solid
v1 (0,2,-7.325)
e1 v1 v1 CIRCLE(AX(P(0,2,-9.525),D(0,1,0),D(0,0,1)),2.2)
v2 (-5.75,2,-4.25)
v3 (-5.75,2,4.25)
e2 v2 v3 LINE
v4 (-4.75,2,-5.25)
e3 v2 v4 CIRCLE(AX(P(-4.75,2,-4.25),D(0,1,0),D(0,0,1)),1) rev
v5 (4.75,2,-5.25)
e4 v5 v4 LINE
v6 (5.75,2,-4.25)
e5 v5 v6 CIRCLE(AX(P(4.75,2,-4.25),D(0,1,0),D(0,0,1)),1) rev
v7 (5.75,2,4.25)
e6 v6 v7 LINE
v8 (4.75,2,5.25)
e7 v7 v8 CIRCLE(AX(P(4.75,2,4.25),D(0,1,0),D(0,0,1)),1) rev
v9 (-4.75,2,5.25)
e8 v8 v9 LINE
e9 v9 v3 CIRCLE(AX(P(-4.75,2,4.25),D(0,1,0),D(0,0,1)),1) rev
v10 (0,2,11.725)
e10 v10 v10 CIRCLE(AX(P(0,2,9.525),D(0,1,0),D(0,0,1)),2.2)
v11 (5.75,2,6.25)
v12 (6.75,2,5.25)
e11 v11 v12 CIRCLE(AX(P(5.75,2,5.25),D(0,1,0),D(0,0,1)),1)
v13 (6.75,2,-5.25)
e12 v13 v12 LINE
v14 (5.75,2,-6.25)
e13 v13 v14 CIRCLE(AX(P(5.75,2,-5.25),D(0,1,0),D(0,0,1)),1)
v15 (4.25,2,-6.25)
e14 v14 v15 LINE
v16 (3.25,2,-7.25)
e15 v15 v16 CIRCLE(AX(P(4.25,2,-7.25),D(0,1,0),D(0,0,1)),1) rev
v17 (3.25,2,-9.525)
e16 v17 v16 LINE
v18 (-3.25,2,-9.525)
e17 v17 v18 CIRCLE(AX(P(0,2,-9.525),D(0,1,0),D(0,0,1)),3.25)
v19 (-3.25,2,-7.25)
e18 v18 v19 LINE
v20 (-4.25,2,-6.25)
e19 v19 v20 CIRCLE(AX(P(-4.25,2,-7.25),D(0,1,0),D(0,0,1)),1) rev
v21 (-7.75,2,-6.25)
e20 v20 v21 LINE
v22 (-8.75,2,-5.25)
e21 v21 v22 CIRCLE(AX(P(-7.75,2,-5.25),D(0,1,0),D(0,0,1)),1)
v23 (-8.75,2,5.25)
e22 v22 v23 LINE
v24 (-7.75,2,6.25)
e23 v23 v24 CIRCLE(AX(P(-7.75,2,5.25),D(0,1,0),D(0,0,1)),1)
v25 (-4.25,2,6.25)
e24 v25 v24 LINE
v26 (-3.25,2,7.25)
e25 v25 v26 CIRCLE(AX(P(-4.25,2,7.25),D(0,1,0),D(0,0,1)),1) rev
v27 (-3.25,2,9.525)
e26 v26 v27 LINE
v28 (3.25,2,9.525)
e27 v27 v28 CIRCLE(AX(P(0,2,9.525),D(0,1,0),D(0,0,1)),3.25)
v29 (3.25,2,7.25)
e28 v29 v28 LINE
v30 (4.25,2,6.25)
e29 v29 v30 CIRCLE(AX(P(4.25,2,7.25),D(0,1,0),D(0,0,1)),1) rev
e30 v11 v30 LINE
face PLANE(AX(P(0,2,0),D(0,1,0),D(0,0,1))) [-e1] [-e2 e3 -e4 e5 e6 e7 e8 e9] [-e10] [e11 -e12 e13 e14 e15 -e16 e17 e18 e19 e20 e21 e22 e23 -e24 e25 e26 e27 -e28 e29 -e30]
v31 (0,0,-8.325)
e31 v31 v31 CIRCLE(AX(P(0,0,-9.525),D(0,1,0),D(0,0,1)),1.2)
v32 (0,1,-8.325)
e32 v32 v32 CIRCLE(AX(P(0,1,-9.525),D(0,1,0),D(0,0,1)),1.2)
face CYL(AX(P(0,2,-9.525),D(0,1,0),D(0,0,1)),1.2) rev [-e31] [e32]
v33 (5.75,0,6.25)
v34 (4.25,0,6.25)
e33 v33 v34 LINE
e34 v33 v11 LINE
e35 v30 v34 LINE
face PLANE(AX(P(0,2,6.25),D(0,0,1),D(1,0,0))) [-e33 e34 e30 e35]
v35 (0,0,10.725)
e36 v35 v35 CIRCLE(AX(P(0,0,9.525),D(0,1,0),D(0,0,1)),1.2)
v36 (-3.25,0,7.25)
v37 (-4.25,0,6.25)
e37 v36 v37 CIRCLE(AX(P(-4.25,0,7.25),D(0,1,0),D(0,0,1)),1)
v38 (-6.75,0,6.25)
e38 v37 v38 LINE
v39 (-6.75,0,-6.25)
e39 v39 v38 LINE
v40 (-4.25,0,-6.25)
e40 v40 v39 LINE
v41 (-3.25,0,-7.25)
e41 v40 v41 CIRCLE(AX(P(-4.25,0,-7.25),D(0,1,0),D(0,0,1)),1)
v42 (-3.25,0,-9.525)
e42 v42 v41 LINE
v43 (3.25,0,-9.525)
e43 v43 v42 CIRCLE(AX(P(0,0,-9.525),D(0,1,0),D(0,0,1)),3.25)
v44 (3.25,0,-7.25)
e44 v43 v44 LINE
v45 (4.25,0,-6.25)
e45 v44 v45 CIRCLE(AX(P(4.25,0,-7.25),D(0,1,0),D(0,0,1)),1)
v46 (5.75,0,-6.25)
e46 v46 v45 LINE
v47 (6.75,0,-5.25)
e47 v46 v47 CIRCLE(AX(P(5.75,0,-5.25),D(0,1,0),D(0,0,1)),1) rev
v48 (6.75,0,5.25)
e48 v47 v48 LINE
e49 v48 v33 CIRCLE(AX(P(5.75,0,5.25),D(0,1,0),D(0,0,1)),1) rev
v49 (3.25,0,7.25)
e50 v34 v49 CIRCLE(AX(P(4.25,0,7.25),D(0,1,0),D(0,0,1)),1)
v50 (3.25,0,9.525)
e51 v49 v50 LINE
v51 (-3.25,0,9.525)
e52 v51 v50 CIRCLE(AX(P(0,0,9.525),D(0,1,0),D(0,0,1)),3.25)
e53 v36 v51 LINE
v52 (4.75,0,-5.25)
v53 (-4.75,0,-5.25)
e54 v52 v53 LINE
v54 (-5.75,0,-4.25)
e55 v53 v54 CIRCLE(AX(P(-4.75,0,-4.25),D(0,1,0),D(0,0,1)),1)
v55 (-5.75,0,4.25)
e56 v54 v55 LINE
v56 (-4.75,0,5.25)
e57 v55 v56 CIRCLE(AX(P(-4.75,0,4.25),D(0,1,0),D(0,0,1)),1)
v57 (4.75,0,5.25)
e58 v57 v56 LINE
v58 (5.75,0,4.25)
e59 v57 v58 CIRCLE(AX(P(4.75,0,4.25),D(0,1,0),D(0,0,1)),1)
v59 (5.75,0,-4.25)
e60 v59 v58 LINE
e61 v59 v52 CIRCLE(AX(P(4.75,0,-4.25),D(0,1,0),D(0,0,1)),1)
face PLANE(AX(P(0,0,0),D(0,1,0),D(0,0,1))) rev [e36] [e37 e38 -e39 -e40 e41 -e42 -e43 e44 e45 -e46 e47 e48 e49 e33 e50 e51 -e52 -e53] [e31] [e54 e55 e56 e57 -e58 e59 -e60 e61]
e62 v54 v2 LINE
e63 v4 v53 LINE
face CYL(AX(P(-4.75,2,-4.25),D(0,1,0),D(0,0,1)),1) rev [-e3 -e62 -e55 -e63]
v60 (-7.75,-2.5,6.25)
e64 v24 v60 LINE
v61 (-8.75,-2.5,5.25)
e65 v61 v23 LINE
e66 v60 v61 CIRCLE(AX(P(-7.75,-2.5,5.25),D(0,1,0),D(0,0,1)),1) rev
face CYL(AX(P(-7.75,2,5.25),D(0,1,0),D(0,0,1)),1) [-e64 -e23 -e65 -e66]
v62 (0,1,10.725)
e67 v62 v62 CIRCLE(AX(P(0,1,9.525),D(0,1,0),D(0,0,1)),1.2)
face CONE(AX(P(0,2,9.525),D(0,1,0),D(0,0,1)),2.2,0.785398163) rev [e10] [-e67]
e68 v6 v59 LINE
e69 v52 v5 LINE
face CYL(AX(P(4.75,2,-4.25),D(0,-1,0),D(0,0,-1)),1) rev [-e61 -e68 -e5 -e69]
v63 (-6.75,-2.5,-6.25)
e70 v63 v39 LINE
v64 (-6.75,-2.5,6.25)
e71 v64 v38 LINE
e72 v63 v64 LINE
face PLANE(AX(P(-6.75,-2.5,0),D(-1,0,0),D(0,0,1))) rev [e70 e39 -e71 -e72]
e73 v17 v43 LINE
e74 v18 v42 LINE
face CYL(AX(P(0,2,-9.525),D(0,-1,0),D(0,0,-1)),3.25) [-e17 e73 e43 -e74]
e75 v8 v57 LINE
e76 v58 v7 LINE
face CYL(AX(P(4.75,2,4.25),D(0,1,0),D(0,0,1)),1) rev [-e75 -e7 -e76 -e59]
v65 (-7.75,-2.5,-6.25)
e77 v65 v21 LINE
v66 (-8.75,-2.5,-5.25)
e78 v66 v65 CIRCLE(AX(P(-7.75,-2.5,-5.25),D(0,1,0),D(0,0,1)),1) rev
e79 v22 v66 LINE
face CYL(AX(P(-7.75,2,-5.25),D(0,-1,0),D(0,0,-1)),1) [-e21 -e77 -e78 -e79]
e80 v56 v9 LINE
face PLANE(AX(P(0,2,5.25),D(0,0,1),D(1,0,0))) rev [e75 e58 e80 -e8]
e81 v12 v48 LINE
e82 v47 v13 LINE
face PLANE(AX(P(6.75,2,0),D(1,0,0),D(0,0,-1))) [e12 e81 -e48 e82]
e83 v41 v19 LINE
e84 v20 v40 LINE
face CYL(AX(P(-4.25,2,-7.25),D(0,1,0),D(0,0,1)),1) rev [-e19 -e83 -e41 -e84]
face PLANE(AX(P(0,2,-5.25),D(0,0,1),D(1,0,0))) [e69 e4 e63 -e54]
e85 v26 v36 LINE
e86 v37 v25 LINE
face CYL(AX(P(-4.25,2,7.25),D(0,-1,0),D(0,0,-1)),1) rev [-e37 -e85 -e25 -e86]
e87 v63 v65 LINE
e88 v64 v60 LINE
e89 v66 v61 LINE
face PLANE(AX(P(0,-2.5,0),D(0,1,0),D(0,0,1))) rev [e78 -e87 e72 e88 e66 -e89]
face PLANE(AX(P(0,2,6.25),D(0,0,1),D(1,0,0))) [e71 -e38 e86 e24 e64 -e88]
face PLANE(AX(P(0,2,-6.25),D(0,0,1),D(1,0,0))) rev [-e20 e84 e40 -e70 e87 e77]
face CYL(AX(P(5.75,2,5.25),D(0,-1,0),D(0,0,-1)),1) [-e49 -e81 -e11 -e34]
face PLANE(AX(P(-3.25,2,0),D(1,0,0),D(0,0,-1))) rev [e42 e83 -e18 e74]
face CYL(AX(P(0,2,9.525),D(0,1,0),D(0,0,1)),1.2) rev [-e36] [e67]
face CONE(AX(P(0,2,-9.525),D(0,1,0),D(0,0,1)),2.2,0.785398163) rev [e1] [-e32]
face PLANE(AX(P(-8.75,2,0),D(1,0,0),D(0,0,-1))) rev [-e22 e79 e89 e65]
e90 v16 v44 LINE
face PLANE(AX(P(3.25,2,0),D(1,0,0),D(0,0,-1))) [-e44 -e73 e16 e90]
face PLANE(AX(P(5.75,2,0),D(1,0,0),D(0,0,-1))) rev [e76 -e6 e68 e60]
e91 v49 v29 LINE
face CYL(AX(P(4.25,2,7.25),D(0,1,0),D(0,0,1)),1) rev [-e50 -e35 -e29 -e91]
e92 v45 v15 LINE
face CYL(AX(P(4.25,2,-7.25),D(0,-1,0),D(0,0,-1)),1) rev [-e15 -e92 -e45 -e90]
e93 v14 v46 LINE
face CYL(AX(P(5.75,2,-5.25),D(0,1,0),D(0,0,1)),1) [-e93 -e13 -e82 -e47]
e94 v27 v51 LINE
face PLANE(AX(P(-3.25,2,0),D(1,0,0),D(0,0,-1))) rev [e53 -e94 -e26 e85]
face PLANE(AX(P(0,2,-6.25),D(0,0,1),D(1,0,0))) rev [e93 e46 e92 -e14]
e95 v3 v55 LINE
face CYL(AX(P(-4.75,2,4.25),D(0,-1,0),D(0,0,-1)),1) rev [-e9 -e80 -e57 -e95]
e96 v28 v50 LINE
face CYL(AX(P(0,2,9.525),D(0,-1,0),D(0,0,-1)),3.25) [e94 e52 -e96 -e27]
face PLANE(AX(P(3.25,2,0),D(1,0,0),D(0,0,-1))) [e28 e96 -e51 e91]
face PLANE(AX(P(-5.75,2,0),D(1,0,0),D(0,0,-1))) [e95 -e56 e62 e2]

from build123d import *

# Parameters (mm, degrees)
SKETCH1_W                                      = 11.5
SKETCH1_H                                      = 10.5
BOSS_EXTRUDE1_DEPTH                            = 2
SKETCH1_4_W                                    = 2
SKETCH1_4_H                                    = 12.5
BOSS_EXTRUDE2_DEPTH                            = 2.5
CSK_FOR_M2_FLAT_HEAD_MACHINE_SCREW2_AT_2_COUNT = 2
CSK_FOR_M2_FLAT_HEAD_MACHINE_SCREW2_AT_2_PITCH = 19.05
CSK_FOR_M2_FLAT_HEAD_MACHINE_SCREW2_AT_3_COUNT = 2
CSK_FOR_M2_FLAT_HEAD_MACHINE_SCREW2_AT_3_PITCH = 19.05
FILLET1_R                                      = 1


with BuildPart() as part:
    # Sketch1 → Boss-Extrude1 (new body)
    with BuildSketch(Plane(origin=(0, 0, 0), x_dir=(1, 0, 0), z_dir=(0, 1, 0))):
        with BuildLine():
            ThreePointArc((3.25, 9.525), (0, 12.775), (-3.25, 9.525))
            Line((-3.25, 9.525), (-3.25, 6.25))
            Line((-3.25, 6.25), (-8.75, 6.25))
            Line((-8.75, 6.25), (-8.75, -6.25))
            Line((-8.75, -6.25), (-3.25, -6.25))
            Line((-3.25, -6.25), (-3.25, -9.525))
            ThreePointArc((-3.25, -9.525), (0, -12.775), (3.25, -9.525))
            Line((3.25, -9.525), (3.25, -6.25))
            Line((3.25, -6.25), (6.75, -6.25))
            Line((6.75, -6.25), (6.75, 6.25))
            Line((6.75, 6.25), (3.25, 6.25))
            Line((3.25, 6.25), (3.25, 9.525))
        make_face()
        Rectangle(SKETCH1_W, SKETCH1_H, mode=Mode.SUBTRACT)
    extrude(amount=BOSS_EXTRUDE1_DEPTH)

    # Sketch1<4> → Boss-Extrude2 (add)
    with BuildSketch(Plane(origin=(0, 0, 0), x_dir=(1, 0, 0), z_dir=(0, 1, 0))):
        with Locations((-7.75, 0)):
            Rectangle(SKETCH1_4_W, SKETCH1_4_H)
    extrude(amount=-BOSS_EXTRUDE2_DEPTH)

    # Sketch3 → CSK for M2 Flat Head Machine Screw2 (revolve, cut)
    with BuildSketch(Plane(origin=(0, 2, -9.525), x_dir=(0, 0, 1), z_dir=(1, 0, 0))):
        Polygon((0, 0), (0, 4.5), (1.2, 4.5), (1.2, 1), (2.2, 0), align=None)
    csk_for_m2_flat_head_machine_screw2 = revolve(axis=Axis((0, 8.35, -9.525), (0, -1, 0)), mode=Mode.SUBTRACT)

    # CSK for M2 Flat Head Machine Screw2 at 2: CSK for M2 Flat Head Machine Screw2 ×2
    with Locations(*[(0, 0, i * CSK_FOR_M2_FLAT_HEAD_MACHINE_SCREW2_AT_2_PITCH) for i in range(1, CSK_FOR_M2_FLAT_HEAD_MACHINE_SCREW2_AT_2_COUNT)]):
        add(csk_for_m2_flat_head_machine_screw2, mode=Mode.SUBTRACT)

    # CSK for M2 Flat Head Machine Screw2 at 3: CSK for M2 Flat Head Machine Screw2 ×2
    with Locations(*[(0, 0, i * CSK_FOR_M2_FLAT_HEAD_MACHINE_SCREW2_AT_3_PITCH) for i in range(1, CSK_FOR_M2_FLAT_HEAD_MACHINE_SCREW2_AT_3_COUNT)]):
        add(csk_for_m2_flat_head_machine_screw2, mode=Mode.SUBTRACT)

    # Fillet1
    fillet1_edges = [part.edges().sort_by_distance(p)[0] for p in [
        (-8.75, -0.25, 6.25),
        (-8.75, -0.25, -6.25),
        (-3.25, 1, -6.25),
        (3.25, 1, -6.25),
        (3.25, 1, 6.25),
        (-3.25, 1, 6.25),
        (6.75, 1, 6.25),
        (6.75, 1, -6.25),
        (5.75, 1, -5.25),
        (-5.75, 1, -5.25),
        (5.75, 1, 5.25),
        (-5.75, 1, 5.25),
    ]]
    fillet(fillet1_edges, radius=FILLET1_R)


solid = part.part
